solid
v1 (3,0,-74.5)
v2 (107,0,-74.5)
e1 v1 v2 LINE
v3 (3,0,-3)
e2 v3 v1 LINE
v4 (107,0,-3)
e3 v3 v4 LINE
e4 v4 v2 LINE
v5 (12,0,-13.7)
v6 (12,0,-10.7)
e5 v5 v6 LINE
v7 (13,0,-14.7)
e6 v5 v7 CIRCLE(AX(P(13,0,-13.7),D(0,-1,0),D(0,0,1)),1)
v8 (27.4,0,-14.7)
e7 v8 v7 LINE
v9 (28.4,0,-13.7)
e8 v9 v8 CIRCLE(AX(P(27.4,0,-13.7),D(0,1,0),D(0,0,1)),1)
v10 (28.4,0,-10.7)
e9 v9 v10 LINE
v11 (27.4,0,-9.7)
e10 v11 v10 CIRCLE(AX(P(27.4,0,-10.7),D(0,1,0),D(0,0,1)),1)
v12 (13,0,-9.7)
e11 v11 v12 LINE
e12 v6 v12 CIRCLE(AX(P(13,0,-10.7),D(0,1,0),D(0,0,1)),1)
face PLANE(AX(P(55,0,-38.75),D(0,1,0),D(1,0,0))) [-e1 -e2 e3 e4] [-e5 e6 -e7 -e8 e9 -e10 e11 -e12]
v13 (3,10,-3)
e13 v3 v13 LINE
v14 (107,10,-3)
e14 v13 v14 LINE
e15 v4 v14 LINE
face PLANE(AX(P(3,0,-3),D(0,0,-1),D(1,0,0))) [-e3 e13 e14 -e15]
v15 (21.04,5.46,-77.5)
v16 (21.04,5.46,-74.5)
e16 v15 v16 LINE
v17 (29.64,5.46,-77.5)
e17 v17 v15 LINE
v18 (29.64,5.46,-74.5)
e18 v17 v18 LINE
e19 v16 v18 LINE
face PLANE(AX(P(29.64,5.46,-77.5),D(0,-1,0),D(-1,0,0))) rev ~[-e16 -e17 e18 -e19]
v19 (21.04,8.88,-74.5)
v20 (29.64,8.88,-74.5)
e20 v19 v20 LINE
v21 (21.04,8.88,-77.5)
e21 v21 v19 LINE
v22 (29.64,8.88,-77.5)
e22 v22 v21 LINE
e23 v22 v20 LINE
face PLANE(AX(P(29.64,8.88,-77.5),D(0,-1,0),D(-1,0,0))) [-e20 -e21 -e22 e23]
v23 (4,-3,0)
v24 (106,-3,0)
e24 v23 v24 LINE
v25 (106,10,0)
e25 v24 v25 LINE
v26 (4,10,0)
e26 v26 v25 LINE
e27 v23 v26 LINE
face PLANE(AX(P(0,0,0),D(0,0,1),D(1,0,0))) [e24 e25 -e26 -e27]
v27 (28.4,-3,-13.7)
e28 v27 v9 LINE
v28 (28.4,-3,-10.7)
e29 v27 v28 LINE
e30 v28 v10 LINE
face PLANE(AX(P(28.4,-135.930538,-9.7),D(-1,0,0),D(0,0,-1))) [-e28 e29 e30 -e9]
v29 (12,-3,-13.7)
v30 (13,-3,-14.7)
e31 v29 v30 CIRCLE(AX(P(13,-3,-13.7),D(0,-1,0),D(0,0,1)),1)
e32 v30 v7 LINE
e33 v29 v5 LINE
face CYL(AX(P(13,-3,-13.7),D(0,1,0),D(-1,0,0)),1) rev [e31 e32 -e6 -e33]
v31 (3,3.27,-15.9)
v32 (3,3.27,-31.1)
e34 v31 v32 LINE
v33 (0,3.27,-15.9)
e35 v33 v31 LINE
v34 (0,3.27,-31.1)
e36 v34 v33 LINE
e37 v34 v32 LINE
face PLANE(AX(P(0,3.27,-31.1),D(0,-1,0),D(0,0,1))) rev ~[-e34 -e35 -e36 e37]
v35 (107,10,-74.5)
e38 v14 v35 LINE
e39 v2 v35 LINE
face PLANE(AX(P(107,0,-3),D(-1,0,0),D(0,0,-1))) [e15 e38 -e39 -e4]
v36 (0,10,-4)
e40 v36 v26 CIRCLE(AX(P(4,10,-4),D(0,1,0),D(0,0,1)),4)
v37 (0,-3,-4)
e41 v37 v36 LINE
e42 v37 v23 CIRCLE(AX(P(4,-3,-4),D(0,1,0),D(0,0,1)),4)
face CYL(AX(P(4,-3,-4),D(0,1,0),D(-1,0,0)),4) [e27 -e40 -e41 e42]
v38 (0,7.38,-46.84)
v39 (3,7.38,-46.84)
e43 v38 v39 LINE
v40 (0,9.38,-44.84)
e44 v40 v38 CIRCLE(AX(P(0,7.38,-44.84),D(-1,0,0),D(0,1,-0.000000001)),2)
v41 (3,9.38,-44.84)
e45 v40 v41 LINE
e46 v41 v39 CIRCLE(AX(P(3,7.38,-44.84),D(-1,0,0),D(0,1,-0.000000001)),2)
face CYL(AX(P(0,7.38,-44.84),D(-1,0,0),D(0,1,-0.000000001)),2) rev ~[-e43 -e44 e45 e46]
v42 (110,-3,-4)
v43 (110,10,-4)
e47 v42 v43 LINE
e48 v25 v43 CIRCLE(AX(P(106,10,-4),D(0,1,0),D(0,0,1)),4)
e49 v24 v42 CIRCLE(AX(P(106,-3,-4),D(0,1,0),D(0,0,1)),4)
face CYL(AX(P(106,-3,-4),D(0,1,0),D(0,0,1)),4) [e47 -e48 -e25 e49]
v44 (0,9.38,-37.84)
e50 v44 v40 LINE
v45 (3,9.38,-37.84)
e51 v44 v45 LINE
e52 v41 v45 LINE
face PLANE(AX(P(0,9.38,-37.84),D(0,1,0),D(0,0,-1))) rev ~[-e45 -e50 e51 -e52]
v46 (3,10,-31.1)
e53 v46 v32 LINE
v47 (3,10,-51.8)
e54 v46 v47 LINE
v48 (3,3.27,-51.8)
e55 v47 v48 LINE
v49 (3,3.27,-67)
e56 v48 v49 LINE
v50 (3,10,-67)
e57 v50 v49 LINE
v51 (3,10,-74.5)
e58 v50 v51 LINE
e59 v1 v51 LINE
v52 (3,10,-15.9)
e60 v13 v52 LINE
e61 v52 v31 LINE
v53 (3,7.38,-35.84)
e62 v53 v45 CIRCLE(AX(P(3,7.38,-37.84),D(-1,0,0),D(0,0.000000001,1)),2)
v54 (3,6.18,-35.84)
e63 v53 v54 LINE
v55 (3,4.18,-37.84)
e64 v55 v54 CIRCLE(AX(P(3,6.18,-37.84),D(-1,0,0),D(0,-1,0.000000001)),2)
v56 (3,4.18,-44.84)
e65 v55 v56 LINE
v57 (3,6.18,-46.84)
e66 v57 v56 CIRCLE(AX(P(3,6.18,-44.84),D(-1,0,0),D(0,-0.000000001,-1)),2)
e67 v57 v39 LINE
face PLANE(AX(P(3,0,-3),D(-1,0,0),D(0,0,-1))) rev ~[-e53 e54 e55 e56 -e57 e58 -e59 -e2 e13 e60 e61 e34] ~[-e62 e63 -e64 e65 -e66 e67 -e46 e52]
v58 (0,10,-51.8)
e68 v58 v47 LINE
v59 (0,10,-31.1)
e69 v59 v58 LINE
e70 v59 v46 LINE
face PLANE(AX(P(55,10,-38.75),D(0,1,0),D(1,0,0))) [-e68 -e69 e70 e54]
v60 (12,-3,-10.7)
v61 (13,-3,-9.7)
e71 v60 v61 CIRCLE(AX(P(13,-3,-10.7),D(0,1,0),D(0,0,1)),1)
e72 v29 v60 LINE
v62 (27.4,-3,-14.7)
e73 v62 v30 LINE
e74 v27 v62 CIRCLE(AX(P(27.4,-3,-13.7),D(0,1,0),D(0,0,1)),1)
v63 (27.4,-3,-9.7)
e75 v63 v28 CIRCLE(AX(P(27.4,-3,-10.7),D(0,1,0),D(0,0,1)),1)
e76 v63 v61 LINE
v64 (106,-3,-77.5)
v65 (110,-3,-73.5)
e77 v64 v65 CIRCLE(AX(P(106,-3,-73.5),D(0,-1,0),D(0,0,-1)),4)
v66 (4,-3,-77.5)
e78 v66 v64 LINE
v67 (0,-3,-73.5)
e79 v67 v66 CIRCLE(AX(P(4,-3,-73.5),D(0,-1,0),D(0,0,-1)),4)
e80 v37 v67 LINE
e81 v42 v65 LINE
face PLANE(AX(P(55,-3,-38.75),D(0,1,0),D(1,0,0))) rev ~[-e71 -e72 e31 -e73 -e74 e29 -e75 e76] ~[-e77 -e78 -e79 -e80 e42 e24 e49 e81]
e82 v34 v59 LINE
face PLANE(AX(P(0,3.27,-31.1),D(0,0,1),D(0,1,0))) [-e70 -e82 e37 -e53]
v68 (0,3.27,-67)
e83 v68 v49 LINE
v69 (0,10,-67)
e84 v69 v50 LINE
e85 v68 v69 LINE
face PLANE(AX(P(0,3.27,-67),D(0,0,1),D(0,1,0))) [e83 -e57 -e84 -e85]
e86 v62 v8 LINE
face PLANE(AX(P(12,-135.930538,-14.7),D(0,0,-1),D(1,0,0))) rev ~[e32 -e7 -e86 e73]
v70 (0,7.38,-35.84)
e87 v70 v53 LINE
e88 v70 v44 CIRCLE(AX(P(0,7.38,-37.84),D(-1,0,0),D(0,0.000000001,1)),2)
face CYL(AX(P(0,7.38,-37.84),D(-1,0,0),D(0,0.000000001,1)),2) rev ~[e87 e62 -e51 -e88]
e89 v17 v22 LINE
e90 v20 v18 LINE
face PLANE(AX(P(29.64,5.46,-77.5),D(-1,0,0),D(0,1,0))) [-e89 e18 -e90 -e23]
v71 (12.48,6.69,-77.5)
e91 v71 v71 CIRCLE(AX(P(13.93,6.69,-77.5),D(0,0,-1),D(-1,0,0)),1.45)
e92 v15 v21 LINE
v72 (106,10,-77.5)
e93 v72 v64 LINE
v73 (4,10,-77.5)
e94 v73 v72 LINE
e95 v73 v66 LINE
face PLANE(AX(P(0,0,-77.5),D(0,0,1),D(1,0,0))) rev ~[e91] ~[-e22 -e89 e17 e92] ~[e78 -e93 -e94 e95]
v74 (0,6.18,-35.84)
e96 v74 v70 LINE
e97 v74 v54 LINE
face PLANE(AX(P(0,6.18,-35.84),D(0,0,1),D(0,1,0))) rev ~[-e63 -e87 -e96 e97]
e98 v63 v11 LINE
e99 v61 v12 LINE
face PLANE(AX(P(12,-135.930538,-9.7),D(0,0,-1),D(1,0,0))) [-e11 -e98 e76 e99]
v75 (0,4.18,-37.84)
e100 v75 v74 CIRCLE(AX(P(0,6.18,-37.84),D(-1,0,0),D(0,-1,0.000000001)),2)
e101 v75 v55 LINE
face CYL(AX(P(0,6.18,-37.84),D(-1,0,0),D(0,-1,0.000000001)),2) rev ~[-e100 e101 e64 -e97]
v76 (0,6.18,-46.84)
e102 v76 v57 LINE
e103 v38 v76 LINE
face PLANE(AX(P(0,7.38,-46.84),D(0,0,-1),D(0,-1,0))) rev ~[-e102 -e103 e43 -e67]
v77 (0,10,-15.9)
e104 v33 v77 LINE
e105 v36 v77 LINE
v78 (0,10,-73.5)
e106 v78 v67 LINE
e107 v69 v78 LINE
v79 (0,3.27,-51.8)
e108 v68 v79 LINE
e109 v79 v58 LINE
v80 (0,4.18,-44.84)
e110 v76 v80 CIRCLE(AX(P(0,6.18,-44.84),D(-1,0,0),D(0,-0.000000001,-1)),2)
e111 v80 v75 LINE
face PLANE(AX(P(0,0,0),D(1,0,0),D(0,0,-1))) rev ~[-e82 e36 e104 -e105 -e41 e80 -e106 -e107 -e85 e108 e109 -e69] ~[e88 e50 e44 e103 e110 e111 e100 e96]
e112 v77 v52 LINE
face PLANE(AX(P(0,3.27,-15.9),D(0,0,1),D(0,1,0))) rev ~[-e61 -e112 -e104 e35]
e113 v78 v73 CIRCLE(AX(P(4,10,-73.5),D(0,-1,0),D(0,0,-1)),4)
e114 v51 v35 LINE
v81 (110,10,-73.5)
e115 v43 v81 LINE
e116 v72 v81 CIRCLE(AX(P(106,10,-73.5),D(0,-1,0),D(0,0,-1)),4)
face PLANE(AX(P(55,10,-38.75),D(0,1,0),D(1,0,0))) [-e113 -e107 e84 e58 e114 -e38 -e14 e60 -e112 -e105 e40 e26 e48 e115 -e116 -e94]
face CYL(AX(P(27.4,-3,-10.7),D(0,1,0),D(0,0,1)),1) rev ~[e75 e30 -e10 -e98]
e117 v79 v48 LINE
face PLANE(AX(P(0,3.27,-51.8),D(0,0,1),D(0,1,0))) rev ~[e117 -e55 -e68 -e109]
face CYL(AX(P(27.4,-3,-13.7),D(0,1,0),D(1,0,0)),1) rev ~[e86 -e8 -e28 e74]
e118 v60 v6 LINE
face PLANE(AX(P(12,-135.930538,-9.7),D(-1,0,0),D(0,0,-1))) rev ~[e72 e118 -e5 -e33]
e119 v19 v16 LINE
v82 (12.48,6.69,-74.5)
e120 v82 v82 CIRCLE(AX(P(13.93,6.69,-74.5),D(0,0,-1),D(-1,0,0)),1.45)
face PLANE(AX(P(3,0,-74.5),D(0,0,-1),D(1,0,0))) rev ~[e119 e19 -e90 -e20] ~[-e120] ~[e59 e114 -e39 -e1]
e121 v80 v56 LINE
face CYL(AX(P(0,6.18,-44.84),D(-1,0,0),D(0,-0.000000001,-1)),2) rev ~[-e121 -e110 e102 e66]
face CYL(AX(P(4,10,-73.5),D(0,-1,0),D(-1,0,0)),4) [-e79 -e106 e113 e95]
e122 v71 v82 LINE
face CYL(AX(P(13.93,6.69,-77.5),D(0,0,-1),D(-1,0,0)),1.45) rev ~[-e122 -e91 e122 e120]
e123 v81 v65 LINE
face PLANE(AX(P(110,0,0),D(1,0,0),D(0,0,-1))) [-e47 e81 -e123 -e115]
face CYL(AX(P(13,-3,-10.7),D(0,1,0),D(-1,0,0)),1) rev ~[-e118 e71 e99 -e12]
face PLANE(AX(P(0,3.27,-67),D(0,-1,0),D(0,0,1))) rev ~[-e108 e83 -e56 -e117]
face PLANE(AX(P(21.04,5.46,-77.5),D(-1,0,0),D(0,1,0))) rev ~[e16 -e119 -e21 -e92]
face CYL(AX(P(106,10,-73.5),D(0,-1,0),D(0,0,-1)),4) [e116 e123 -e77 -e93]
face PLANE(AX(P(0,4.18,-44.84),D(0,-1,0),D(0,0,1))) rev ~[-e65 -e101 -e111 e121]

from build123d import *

# Parameters (mm, degrees)
SKETCH1_W               = 110
SKETCH1_H               = 77.5
SKETCH1_W_2             = 104
SKETCH1_H_2             = 71.5
BOSS_EXTRUDE1_DEPTH     = 10
SKETCH1_2_W             = 110
SKETCH1_2_H             = 77.5
BOSS_EXTRUDE2_DEPTH     = 3
CUT_EXTRUDE1_REACH      = 136.931
SKETCH3_W               = 15.2
SKETCH3_H               = 6.73
CUT_EXTRUDE2_REACH      = 136.931
SKETCH4_R               = 1.45
SKETCH4_W               = 8.6
SKETCH4_H               = 3.42
CUT_EXTRUDE3_DEPTH      = 135.930537685
CUT_EXTRUDE3_DEPTH_BACK = 135.930537685
SKETCH5_W               = 16.4
SKETCH5_H               = 5
FILLET1_R               = 4
FILLET2_R               = 1


with BuildPart() as part:
    # Sketch1 → Boss-Extrude1 (new body)
    with BuildSketch(Plane(origin=(0, 0, 0), x_dir=(1, 0, 0), z_dir=(0, 1, 0))):
        with Locations((55, 38.75)):
            Rectangle(SKETCH1_W, SKETCH1_H)
        with Locations((55, 38.75)):
            Rectangle(SKETCH1_W_2, SKETCH1_H_2, mode=Mode.SUBTRACT)
    extrude(amount=BOSS_EXTRUDE1_DEPTH)

    # Sketch1<2> → Boss-Extrude2 (add)
    with BuildSketch(Plane(origin=(0, 0, 0), x_dir=(1, 0, 0), z_dir=(0, 1, 0))):
        with Locations((55, 38.75)):
            Rectangle(SKETCH1_2_W, SKETCH1_2_H)
    extrude(amount=-BOSS_EXTRUDE2_DEPTH)

    # Sketch3 → Cut-Extrude1 (cut, up to next)
    with BuildSketch(Plane.ZY, mode=Mode.PRIVATE) as cut_extrude1_sk1:
        with Locations((-23.5, 6.635)):
            Rectangle(SKETCH3_W, SKETCH3_H)
    cut_extrude1_tool1 = extrude(cut_extrude1_sk1.sketch, amount=-CUT_EXTRUDE1_REACH, mode=Mode.PRIVATE) & part.part
    # Sketch3 → Cut-Extrude1 (cut, up to next)
    with BuildSketch(Plane.ZY, mode=Mode.PRIVATE) as cut_extrude1_sk2:
        with Locations((-59.4, 6.635)):
            Rectangle(SKETCH3_W, SKETCH3_H)
    cut_extrude1_tool2 = extrude(cut_extrude1_sk2.sketch, amount=-CUT_EXTRUDE1_REACH, mode=Mode.PRIVATE) & part.part
    # Sketch3 → Cut-Extrude1 (cut, up to next)
    with BuildSketch(Plane.ZY, mode=Mode.PRIVATE) as cut_extrude1_sk3:
        with BuildLine():
            Line((-37.84, 9.38), (-44.840000134, 9.38))
            ThreePointArc((-44.840000134, 9.38), (-46.254213696, 8.794213562), (-46.840000134, 7.38))
            Line((-46.840000134, 7.38), (-46.840000134, 6.18))
            ThreePointArc((-46.840000134, 6.18), (-46.254213696, 4.765786438), (-44.840000134, 4.18))
            Line((-44.840000134, 4.18), (-37.84, 4.18))
            ThreePointArc((-37.84, 4.18), (-36.425786438, 4.765786438), (-35.84, 6.18))
            Line((-35.84, 6.18), (-35.84, 7.38))
            ThreePointArc((-35.84, 7.38), (-36.425786438, 8.794213562), (-37.84, 9.38))
        make_face()
    cut_extrude1_tool3 = extrude(cut_extrude1_sk3.sketch, amount=-CUT_EXTRUDE1_REACH, mode=Mode.PRIVATE) & part.part
    add(cut_extrude1_tool1.solids().sort_by_distance((0, 6.635, -23.5))[0], mode=Mode.SUBTRACT)
    add(cut_extrude1_tool2.solids().sort_by_distance((0, 6.635, -59.4))[0], mode=Mode.SUBTRACT)
    add(cut_extrude1_tool3.solids().sort_by_distance((0, 6.78, -41.34))[0], mode=Mode.SUBTRACT)

    # Sketch4 → Cut-Extrude2 (cut, up to next)
    with BuildSketch(Plane(origin=(0, 0, -77.5), x_dir=(-1, 0, 0), z_dir=(0, 0, -1)), mode=Mode.PRIVATE) as cut_extrude2_sk1:
        with Locations((-13.93, 6.69)):
            Circle(SKETCH4_R)
    cut_extrude2_tool1 = extrude(cut_extrude2_sk1.sketch, amount=-CUT_EXTRUDE2_REACH, mode=Mode.PRIVATE) & part.part
    # Sketch4 → Cut-Extrude2 (cut, up to next)
    with BuildSketch(Plane(origin=(0, 0, -77.5), x_dir=(-1, 0, 0), z_dir=(0, 0, -1)), mode=Mode.PRIVATE) as cut_extrude2_sk2:
        with Locations((-25.34, 7.17)):
            Rectangle(SKETCH4_W, SKETCH4_H)
    cut_extrude2_tool2 = extrude(cut_extrude2_sk2.sketch, amount=-CUT_EXTRUDE2_REACH, mode=Mode.PRIVATE) & part.part
    add(cut_extrude2_tool1.solids().sort_by_distance((13.93, 6.69, -77.5))[0], mode=Mode.SUBTRACT)
    add(cut_extrude2_tool2.solids().sort_by_distance((25.34, 7.17, -77.5))[0], mode=Mode.SUBTRACT)

    # Sketch5 → Cut-Extrude3 (cut, two sides: drawn at the far end of the back side and taken through both)
    with BuildSketch(Plane(origin=(0, 0, 0), x_dir=(1, 0, 0), z_dir=(0, 1, 0)).offset(-CUT_EXTRUDE3_DEPTH_BACK)):
        with Locations((20.2, 12.2)):
            Rectangle(SKETCH5_W, SKETCH5_H)
    extrude(amount=CUT_EXTRUDE3_DEPTH + CUT_EXTRUDE3_DEPTH_BACK, mode=Mode.SUBTRACT)

    # Fillet1
    fillet1_edges = [part.edges().sort_by_distance(p)[0] for p in [
        (110, 3.5, -77.5),
        (0, 3.5, -77.5),
        (110, 3.5, 0),
        (0, 3.5, 0),
    ]]
    fillet(fillet1_edges, radius=FILLET1_R)

    # Fillet2
    fillet2_edges = [part.edges().sort_by_distance(p)[0] for p in [
        (28.4, -1.5, -14.7),
        (28.4, -1.5, -9.7),
        (12, -1.5, -9.7),
        (12, -1.5, -14.7),
    ]]
    fillet(fillet2_edges, radius=FILLET2_R)


solid = part.part
